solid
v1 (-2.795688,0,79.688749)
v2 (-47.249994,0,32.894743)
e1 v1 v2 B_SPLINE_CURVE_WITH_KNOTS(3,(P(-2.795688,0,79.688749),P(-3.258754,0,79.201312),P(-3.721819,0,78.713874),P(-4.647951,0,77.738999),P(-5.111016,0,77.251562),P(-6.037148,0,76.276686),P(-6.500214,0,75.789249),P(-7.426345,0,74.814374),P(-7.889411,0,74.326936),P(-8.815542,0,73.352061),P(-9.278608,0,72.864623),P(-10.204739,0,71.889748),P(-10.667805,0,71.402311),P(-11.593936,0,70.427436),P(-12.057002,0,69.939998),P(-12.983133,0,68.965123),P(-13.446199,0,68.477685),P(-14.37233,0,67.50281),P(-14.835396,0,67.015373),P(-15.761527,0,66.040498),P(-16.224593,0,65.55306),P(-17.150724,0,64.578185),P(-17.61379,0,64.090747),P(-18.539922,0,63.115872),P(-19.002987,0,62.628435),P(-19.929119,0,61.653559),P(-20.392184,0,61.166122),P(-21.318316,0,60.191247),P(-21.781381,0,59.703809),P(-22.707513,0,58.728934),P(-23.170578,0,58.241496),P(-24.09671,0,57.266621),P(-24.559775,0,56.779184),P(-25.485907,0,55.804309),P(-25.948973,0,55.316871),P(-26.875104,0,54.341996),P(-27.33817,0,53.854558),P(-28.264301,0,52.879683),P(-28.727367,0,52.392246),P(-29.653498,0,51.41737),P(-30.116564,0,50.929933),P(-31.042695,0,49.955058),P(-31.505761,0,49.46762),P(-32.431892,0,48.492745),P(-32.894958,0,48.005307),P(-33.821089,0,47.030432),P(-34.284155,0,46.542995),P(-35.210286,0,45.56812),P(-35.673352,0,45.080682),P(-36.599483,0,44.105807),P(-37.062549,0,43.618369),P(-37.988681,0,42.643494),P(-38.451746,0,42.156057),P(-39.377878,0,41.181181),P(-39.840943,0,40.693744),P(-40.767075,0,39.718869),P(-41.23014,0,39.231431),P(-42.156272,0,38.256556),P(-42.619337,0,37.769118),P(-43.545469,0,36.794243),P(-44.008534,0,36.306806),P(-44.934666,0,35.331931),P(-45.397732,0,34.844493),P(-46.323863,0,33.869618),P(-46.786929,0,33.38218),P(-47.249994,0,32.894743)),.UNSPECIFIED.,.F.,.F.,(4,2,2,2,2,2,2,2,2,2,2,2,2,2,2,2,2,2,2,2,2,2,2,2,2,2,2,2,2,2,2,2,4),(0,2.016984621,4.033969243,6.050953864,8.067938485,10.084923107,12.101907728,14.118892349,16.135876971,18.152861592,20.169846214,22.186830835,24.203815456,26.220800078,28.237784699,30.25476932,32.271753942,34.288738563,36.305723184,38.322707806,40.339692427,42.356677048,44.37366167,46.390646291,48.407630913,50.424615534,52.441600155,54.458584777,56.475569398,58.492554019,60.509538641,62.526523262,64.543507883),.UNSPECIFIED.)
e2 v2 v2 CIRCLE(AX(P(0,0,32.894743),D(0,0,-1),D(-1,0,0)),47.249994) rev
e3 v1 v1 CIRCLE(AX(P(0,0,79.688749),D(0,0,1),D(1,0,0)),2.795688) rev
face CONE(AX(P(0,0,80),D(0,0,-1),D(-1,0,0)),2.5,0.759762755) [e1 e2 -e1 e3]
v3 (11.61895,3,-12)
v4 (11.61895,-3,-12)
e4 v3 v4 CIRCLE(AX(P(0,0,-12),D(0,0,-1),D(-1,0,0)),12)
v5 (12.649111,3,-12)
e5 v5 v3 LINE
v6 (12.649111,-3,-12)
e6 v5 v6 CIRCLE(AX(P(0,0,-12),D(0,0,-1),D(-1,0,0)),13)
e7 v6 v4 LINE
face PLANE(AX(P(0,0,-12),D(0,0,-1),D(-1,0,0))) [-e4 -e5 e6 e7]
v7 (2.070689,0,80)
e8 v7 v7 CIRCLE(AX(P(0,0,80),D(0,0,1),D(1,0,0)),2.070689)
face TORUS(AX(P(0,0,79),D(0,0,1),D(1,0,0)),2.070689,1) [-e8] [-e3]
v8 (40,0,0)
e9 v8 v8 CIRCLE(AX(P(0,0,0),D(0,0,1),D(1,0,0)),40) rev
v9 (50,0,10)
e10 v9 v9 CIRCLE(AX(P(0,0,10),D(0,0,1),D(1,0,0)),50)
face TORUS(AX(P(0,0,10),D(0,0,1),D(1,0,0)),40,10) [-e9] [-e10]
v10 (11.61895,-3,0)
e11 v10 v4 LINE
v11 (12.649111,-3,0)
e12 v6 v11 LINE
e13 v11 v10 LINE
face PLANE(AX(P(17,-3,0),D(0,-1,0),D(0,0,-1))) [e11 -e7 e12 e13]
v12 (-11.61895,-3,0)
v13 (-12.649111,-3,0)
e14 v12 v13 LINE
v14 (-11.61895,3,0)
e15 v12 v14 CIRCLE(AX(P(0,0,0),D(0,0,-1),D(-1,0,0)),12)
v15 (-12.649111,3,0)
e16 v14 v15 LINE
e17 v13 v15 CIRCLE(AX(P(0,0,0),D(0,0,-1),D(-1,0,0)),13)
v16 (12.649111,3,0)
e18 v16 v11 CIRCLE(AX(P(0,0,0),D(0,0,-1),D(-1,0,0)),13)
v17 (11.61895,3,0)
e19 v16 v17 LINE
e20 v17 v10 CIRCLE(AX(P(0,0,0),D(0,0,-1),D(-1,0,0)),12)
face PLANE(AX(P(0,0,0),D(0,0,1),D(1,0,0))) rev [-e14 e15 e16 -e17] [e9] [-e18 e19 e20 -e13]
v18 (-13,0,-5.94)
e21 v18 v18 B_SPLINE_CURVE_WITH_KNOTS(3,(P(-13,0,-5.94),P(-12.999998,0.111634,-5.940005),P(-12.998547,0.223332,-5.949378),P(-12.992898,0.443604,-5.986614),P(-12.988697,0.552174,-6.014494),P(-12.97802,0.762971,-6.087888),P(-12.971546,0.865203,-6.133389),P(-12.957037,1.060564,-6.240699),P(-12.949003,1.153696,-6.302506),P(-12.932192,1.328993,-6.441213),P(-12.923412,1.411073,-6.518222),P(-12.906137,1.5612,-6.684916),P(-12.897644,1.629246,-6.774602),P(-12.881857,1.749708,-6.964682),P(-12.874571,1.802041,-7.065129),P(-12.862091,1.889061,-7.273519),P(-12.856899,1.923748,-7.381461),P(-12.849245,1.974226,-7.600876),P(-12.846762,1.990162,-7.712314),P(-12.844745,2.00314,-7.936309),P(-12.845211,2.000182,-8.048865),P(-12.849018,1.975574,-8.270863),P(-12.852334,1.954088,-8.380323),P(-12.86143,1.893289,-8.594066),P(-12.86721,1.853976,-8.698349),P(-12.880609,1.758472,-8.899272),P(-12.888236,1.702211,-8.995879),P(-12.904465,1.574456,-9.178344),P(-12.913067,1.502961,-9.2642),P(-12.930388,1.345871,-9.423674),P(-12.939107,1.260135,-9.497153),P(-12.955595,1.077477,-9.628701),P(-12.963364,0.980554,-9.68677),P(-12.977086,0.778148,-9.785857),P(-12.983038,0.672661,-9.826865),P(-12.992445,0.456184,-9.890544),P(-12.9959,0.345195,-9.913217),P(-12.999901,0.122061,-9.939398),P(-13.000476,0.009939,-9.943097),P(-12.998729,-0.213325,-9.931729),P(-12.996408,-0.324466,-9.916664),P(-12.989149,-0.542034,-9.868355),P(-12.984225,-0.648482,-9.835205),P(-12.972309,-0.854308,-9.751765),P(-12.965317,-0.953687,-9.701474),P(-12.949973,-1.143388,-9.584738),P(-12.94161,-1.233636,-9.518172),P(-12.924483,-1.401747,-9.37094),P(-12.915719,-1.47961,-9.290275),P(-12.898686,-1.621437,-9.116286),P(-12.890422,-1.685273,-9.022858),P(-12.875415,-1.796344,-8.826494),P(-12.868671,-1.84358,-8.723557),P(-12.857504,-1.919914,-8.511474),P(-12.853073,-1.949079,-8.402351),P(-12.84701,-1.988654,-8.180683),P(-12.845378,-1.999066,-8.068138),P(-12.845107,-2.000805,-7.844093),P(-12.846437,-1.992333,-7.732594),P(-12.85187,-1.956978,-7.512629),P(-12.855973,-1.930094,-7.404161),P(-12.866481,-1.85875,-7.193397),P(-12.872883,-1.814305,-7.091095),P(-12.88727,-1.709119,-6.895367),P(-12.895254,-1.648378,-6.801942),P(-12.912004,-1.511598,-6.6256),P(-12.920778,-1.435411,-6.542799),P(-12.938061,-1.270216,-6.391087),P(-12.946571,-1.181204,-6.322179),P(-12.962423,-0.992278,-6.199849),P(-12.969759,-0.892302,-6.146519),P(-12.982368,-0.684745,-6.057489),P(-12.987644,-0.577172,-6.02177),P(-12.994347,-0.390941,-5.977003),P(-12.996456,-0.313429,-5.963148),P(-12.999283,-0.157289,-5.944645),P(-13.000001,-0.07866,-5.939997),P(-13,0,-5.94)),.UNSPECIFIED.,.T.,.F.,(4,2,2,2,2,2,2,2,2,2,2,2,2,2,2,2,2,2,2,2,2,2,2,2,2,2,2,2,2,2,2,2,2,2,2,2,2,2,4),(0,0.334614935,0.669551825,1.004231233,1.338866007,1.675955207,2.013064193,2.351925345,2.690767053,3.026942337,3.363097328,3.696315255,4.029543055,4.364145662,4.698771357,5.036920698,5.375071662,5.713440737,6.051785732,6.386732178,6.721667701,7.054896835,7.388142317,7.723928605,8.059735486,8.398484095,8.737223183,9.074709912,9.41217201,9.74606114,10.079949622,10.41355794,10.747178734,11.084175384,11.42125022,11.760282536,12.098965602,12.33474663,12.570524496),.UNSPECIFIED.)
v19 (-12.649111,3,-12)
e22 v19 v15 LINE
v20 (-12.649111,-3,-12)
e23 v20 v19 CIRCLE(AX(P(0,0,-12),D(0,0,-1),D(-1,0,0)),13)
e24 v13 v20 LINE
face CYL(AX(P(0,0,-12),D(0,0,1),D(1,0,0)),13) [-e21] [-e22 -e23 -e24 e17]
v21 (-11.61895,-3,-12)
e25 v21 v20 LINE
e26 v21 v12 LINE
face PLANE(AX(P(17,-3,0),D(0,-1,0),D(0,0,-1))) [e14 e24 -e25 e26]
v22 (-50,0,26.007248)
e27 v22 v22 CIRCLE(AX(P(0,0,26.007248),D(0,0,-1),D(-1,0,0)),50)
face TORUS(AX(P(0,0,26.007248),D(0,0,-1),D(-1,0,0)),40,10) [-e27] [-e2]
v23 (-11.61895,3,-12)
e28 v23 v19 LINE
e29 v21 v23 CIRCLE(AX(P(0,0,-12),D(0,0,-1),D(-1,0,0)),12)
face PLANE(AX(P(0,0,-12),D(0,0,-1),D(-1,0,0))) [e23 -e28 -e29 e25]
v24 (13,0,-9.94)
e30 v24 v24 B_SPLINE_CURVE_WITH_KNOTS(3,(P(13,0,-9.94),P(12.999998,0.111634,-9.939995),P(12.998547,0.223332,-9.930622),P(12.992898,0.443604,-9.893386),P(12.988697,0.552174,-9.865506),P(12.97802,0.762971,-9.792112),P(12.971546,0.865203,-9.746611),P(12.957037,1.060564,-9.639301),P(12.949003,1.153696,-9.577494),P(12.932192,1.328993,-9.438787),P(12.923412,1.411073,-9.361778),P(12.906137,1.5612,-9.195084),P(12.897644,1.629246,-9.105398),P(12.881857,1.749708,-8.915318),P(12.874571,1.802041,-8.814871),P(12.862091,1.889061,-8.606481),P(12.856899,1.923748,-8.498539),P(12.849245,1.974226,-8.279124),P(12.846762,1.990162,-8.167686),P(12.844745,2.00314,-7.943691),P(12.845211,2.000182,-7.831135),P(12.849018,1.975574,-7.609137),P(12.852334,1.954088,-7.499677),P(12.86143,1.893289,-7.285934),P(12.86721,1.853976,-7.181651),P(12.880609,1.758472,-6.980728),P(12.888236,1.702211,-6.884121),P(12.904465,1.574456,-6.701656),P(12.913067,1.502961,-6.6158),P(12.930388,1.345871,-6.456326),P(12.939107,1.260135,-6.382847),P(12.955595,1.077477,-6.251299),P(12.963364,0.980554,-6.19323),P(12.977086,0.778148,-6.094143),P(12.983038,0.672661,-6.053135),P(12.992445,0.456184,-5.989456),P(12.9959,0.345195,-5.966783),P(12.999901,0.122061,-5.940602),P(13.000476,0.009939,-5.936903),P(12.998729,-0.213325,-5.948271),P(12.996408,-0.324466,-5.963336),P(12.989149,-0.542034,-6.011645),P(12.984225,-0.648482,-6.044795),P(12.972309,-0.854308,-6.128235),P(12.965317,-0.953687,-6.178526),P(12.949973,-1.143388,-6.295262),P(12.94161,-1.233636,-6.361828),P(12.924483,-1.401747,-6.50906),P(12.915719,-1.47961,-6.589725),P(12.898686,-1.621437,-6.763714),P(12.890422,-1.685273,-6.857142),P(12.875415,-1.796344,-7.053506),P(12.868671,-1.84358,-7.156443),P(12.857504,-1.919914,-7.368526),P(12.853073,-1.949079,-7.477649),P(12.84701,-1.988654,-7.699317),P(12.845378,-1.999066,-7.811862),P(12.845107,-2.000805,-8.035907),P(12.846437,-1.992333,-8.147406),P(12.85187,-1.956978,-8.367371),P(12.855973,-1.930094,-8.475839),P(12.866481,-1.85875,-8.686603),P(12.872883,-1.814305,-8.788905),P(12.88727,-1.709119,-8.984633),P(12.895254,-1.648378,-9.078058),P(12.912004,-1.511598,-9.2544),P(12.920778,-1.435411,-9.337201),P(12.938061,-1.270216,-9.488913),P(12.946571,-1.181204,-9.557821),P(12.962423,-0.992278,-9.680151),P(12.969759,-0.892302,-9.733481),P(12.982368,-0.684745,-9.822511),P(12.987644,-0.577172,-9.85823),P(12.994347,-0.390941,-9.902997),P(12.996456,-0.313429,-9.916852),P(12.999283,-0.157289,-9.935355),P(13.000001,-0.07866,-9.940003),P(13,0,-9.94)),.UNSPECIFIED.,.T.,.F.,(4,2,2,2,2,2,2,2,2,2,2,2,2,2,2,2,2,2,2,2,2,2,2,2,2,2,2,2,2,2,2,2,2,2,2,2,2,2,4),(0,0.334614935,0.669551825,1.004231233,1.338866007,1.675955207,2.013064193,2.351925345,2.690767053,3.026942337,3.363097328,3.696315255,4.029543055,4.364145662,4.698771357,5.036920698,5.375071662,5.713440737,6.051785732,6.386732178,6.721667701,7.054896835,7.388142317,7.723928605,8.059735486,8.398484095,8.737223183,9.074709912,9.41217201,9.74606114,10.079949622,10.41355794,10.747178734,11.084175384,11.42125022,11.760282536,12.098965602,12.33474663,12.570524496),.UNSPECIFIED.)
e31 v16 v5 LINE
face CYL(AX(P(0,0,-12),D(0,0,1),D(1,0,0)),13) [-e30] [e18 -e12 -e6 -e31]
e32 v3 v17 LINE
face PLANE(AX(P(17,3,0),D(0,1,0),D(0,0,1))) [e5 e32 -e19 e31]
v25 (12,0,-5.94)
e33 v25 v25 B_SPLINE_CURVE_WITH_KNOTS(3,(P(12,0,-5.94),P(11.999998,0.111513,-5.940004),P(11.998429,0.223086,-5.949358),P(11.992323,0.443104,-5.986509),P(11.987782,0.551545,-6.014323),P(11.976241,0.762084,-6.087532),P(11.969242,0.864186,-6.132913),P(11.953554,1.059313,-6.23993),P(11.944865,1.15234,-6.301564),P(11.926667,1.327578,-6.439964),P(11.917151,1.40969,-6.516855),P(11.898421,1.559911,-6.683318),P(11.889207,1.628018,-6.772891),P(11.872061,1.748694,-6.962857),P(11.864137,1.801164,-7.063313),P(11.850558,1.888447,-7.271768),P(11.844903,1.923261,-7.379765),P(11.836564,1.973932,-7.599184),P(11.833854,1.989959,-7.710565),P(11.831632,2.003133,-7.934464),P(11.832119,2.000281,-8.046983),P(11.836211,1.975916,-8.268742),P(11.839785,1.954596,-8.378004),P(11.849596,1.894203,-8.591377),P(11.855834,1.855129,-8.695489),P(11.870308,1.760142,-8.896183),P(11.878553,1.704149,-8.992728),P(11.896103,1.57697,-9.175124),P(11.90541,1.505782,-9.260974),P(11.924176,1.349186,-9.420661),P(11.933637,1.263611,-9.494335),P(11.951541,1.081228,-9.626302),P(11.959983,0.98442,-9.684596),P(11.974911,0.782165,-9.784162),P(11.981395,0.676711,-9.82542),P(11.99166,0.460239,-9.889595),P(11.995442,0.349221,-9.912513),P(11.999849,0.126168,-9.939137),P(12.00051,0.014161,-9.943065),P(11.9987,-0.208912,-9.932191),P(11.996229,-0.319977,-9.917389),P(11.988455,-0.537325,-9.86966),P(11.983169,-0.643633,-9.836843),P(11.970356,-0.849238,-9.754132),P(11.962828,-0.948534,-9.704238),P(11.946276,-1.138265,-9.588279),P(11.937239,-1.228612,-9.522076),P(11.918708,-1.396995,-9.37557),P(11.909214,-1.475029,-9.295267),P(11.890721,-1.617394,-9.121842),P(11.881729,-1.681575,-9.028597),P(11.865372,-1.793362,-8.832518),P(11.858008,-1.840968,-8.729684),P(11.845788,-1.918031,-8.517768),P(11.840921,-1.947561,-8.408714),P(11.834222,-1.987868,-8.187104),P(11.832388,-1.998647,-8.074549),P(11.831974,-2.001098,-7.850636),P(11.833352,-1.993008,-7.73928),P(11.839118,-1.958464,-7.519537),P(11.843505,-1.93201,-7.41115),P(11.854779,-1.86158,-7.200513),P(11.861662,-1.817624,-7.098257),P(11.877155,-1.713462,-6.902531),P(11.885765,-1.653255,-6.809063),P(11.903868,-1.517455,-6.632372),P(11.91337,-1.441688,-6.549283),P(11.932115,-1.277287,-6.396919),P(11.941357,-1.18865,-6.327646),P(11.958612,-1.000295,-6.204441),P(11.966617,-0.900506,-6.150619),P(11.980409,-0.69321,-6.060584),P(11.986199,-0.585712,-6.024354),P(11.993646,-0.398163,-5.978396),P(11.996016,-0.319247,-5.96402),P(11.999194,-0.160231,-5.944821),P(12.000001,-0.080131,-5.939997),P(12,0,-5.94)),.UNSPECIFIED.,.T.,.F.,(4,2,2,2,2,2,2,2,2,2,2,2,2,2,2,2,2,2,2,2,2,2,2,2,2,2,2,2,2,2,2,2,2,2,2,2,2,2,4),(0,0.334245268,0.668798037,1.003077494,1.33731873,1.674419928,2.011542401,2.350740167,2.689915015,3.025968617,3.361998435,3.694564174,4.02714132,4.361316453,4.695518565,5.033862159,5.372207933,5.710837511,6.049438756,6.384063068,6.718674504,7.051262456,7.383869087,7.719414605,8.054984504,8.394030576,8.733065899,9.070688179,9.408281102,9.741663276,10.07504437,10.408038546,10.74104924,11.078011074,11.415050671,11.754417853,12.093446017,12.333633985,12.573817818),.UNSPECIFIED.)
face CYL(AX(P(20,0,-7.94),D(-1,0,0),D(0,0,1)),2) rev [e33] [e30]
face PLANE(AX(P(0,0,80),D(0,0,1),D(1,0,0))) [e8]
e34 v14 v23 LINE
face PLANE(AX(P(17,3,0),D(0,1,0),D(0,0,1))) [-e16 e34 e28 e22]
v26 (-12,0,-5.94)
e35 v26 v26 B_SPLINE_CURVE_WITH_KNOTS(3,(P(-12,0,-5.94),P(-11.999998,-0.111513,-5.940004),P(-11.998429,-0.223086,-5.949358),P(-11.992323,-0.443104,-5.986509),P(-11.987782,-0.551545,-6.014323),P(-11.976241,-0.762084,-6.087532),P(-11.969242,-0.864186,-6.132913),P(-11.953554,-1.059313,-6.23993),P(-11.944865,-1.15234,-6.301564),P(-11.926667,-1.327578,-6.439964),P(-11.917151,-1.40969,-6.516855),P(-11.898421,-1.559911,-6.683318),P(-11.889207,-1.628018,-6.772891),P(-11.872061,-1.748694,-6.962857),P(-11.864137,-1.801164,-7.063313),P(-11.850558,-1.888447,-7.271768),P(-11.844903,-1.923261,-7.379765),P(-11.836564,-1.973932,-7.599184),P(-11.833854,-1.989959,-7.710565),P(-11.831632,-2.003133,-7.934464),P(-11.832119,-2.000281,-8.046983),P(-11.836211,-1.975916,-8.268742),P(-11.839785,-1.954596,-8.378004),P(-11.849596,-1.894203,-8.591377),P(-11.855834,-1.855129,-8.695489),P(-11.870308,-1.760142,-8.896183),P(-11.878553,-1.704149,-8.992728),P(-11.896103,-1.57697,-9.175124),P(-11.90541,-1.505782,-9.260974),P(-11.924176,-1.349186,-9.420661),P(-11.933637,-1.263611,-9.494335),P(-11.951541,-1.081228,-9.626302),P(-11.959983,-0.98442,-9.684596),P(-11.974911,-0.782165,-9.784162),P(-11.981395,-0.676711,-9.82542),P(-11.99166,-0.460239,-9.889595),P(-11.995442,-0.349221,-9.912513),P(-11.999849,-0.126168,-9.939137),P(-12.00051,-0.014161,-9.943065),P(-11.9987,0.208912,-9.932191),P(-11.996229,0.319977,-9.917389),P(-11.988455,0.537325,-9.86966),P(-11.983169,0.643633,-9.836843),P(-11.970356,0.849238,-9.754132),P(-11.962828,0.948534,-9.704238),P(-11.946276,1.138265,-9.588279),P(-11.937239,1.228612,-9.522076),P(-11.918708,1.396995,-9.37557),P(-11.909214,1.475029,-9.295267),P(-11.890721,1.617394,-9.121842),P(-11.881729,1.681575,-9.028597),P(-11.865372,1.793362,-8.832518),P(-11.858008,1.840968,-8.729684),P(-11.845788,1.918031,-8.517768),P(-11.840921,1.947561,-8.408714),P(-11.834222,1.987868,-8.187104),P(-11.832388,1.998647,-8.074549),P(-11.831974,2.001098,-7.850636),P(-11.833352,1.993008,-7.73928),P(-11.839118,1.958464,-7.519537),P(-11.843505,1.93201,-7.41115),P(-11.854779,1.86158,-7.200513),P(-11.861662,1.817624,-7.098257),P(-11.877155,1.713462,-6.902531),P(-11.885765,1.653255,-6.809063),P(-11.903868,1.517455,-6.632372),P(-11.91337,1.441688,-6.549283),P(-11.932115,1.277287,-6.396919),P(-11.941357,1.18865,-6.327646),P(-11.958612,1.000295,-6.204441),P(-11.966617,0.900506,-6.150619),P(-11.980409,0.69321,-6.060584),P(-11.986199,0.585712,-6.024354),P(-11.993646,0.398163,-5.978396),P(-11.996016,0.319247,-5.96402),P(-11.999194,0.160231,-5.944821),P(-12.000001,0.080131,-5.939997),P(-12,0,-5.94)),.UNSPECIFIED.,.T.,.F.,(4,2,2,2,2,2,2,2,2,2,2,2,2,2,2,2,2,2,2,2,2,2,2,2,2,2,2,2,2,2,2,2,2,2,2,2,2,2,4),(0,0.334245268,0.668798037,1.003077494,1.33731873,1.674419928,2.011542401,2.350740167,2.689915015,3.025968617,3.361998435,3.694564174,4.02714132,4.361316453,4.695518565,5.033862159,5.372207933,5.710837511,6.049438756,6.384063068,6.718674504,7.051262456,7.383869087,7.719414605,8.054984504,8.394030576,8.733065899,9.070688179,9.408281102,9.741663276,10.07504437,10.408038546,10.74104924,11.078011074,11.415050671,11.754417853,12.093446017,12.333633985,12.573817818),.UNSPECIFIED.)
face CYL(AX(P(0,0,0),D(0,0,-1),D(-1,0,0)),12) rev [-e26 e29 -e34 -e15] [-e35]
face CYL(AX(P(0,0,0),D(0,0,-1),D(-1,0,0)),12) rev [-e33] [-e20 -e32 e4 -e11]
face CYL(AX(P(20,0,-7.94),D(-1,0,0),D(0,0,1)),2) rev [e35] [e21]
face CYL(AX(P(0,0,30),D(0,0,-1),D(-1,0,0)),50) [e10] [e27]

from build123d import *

# Parameters (mm, degrees)
SKETCH2_R               = 50
BOSS_EXTRUDE1_DEPTH     = 30
SKETCH4_R               = 2.5
FILLET1_R               = 10
FILLET3_R               = 1
SKETCH6_R               = 13
BOSS_EXTRUDE2_DEPTH     = 12
SKETCH7_R               = 12
CUT_EXTRUDE1_DEPTH      = 12
SKETCH8_R               = 2
CUT_EXTRUDE2_DEPTH      = 20
CUT_EXTRUDE2_DEPTH_BACK = 19
SKETCH9_W               = 12
SKETCH9_H               = 10
CUT_EXTRUDE3_DEPTH      = 17
CUT_EXTRUDE3_DEPTH_BACK = 23
FILLET4_R               = 10


with BuildPart() as part:
    # Sketch2 → Boss-Extrude1 (new body)
    with BuildSketch(Plane.XY):
        Circle(SKETCH2_R)
    extrude(amount=BOSS_EXTRUDE1_DEPTH)

    # Sketch4 → section 1 of loft2
    with BuildSketch(Plane.XY.offset(80), mode=Mode.PRIVATE) as loft2_s1:
        Circle(SKETCH4_R)
    # loft up to a face of the part (loft2)
    loft([Face(Wire([part.edges().sort_by_distance((-34.227355296, 36.448431371, 30))[0]])), loft2_s1.sketch])

    # Fillet1
    fillet1_edges = [part.edges().sort_by_distance(p)[0] for p in [
        (-50, 0, 30),
    ]]
    fillet(fillet1_edges, radius=FILLET1_R)

    # Fillet3
    fillet3_edges = [part.edges().sort_by_distance(p)[0] for p in [
        (-2.5, 0, 80),
    ]]
    fillet(fillet3_edges, radius=FILLET3_R)

    # Sketch6 → Boss-Extrude2 (add)
    with BuildSketch(Plane(origin=(0, 0, 0), x_dir=(-1, 0, 0), z_dir=(0, 0, -1))):
        Circle(SKETCH6_R)
    extrude(amount=BOSS_EXTRUDE2_DEPTH)

    # Sketch7 → Cut-Extrude1 (cut)
    with BuildSketch(Plane(origin=(0, 0, -12), x_dir=(-1, 0, 0), z_dir=(0, 0, -1))):
        Circle(SKETCH7_R)
    extrude(amount=-CUT_EXTRUDE1_DEPTH, mode=Mode.SUBTRACT)

    # Sketch8 → Cut-Extrude2 (cut, two sides)
    with BuildSketch(Plane(origin=(0, 0, 0), x_dir=(0, 0, -1), z_dir=(1, 0, 0))) as cut_extrude2_sk:
        with Locations(Location((7.94, 0, 0), (0, 0, 180))):
            Circle(SKETCH8_R)
    extrude(amount=CUT_EXTRUDE2_DEPTH, mode=Mode.SUBTRACT)
    extrude(cut_extrude2_sk.sketch, amount=-CUT_EXTRUDE2_DEPTH_BACK, mode=Mode.SUBTRACT)

    # Sketch9 → Cut-Extrude3 (cut, two sides)
    with BuildSketch(Plane(origin=(0, 0, 0), x_dir=(0, 0, -1), z_dir=(1, 0, 0))) as cut_extrude3_sk:
        with Locations((6, 8)):
            Rectangle(SKETCH9_W, SKETCH9_H)
        with Locations((6, -8)):
            Rectangle(SKETCH9_W, SKETCH9_H)
    extrude(amount=CUT_EXTRUDE3_DEPTH, mode=Mode.SUBTRACT)
    extrude(cut_extrude3_sk.sketch, amount=-CUT_EXTRUDE3_DEPTH_BACK, mode=Mode.SUBTRACT)

    # Fillet4
    fillet4_edges = [part.edges().sort_by_distance(p)[0] for p in [
        (-50, 0, 0),
    ]]
    fillet(fillet4_edges, radius=FILLET4_R)


solid = part.part
